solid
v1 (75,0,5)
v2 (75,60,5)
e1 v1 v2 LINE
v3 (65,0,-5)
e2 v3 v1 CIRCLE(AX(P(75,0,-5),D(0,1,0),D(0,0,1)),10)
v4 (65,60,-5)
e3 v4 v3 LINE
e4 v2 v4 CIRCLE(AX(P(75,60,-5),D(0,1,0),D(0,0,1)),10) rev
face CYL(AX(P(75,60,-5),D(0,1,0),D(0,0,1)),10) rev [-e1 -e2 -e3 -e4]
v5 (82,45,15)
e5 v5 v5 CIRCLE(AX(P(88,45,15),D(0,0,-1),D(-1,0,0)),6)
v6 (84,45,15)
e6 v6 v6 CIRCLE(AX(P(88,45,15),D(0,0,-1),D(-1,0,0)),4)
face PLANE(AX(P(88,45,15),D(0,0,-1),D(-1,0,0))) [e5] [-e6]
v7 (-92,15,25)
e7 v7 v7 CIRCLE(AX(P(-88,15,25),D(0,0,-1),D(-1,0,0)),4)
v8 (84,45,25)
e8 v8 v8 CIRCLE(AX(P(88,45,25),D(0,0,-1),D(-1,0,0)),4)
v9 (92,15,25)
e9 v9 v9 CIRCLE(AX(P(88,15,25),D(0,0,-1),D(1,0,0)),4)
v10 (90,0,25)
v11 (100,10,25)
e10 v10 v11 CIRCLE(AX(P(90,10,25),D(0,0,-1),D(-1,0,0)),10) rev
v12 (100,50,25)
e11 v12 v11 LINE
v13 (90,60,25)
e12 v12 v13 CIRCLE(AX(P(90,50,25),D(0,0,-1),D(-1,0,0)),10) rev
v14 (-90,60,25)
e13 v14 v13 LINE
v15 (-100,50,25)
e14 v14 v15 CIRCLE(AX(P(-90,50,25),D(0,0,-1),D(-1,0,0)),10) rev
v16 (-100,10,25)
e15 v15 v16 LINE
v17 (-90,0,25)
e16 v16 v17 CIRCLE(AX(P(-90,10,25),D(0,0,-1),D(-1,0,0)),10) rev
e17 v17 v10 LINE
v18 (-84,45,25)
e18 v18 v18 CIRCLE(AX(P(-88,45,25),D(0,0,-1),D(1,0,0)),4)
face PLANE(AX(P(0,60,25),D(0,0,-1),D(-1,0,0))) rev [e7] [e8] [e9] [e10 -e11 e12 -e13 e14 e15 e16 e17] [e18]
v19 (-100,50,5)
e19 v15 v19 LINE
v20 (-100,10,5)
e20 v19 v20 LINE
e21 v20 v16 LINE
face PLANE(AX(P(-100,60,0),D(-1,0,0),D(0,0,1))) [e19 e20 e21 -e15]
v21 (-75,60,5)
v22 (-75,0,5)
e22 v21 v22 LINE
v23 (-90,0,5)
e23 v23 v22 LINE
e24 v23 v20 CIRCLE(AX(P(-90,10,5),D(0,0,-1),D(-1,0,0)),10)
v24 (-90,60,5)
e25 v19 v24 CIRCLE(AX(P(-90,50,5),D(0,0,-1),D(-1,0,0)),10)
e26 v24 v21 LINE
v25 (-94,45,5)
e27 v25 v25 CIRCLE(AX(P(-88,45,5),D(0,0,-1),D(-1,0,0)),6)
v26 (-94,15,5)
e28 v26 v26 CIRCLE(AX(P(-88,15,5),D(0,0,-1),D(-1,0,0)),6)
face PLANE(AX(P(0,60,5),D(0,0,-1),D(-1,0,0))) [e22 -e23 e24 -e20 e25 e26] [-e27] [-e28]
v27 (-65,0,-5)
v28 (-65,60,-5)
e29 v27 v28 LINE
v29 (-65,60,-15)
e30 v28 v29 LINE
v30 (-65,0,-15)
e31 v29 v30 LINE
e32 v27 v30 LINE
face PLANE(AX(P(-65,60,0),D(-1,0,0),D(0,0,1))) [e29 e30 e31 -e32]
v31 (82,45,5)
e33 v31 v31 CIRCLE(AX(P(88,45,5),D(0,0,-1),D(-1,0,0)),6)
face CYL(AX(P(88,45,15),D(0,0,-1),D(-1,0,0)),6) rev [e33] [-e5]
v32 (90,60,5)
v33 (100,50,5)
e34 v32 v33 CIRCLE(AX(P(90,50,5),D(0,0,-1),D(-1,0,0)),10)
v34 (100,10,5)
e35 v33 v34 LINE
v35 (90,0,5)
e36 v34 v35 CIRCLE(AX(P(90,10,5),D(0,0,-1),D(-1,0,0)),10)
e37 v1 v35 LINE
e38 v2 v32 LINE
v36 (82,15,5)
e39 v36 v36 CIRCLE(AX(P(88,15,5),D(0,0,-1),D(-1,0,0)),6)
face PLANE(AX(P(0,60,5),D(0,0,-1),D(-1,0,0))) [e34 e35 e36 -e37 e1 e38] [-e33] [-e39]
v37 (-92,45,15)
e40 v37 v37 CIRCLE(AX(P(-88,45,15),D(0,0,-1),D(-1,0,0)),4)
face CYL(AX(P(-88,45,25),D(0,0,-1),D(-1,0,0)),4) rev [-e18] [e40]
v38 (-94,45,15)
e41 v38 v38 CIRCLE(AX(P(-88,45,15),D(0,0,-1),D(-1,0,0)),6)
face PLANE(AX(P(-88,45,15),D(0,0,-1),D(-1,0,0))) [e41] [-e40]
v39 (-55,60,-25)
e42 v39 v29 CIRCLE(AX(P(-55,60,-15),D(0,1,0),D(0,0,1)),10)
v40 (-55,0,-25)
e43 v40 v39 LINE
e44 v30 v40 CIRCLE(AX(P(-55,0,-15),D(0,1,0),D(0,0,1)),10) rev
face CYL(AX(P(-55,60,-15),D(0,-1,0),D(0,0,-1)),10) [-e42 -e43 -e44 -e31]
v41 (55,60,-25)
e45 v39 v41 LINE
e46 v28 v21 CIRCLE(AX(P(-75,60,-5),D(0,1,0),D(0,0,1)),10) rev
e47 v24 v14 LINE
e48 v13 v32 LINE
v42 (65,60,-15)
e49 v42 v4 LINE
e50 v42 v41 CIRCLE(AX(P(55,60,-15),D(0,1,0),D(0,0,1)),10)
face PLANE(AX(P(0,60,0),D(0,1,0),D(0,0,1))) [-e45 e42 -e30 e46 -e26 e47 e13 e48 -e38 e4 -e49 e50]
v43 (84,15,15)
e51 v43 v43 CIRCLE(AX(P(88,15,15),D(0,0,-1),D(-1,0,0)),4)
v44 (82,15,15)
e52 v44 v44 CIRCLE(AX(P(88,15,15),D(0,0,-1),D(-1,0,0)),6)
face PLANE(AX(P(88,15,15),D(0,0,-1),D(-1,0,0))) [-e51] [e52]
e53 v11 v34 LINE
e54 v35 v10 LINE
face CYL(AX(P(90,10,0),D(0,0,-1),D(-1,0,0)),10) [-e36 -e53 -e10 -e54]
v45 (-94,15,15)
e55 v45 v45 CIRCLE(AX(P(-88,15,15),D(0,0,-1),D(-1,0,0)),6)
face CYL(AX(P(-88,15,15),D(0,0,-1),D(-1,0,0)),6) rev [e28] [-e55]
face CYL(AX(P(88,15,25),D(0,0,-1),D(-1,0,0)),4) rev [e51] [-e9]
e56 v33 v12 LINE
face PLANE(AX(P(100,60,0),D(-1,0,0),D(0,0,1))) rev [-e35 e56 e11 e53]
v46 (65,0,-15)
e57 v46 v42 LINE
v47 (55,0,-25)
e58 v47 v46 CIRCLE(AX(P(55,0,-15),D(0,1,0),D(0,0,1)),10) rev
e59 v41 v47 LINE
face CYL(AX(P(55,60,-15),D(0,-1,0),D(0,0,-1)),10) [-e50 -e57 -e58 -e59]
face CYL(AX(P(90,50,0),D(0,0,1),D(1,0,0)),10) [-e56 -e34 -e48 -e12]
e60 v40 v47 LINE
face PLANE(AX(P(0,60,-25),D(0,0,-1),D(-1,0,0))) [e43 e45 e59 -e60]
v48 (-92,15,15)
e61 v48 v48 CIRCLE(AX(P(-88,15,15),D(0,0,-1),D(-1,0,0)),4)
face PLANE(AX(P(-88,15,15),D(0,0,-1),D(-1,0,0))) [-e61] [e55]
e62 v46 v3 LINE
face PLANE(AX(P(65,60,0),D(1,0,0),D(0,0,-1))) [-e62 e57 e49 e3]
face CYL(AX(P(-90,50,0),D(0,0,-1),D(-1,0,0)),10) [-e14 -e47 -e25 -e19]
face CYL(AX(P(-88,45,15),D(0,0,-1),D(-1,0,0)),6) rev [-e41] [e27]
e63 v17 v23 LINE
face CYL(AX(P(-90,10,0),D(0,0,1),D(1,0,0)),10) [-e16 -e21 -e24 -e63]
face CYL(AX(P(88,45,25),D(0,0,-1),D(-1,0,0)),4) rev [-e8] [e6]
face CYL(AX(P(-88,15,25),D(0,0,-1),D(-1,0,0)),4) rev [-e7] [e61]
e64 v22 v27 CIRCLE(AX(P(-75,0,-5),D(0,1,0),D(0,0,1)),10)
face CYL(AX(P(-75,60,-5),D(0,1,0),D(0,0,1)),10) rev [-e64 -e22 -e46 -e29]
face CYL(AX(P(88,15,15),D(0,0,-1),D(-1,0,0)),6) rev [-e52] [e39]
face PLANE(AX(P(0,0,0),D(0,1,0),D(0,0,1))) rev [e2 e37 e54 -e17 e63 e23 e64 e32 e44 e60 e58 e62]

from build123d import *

# Parameters (mm, degrees)
BOSS_EXTRUDE1_DEPTH = 60
FILLET1_R           = 10
SKETCH2_R           = 4
CUT_EXTRUDE1_DEPTH  = 21
SKETCH3_R           = 6
SKETCH3_R_2         = 4
CUT_EXTRUDE2_DEPTH  = 10


with BuildPart() as part:
    # Sketch1 → Boss-Extrude1 (new body)
    with BuildSketch(Plane(origin=(0, 0, 0), x_dir=(1, 0, 0), z_dir=(0, 1, 0))):
        Polygon((-65, -5), (-100, -5), (-100, -25), (100, -25), (100, -5), (65, -5), (65, 25), (-65, 25), align=None)
    extrude(amount=BOSS_EXTRUDE1_DEPTH)

    # Fillet1
    fillet1_edges = [part.edges().sort_by_distance(p)[0] for p in [
        (-100, 0, 15),
        (-65, 30, 5),
        (-65, 30, -25),
        (65, 30, -25),
        (65, 30, 5),
        (-100, 60, 15),
        (100, 60, 15),
        (100, 0, 15),
    ]]
    fillet(fillet1_edges, radius=FILLET1_R)

    # Sketch2 → Cut-Extrude1 (cut, through all)
    with BuildSketch(Plane(origin=(0, 0, 5), x_dir=(-1, 0, 0), z_dir=(0, 0, -1))):
        with Locations((-88, 45)):
            Circle(SKETCH2_R)
        with Locations((-88, 15)):
            Circle(SKETCH2_R)
        with Locations((88, 15)):
            Circle(SKETCH2_R)
        with Locations((88, 45)):
            Circle(SKETCH2_R)
    extrude(amount=-CUT_EXTRUDE1_DEPTH, mode=Mode.SUBTRACT)

    # Sketch3 → Cut-Extrude2 (cut)
    with BuildSketch(Plane(origin=(0, 0, 5), x_dir=(-1, 0, 0), z_dir=(0, 0, -1))):
        with Locations((88, 15)):
            Circle(SKETCH3_R)
        with Locations((88, 15)):
            Circle(SKETCH3_R_2, mode=Mode.SUBTRACT)
        with Locations((88, 45)):
            Circle(SKETCH3_R)
        with Locations((88, 45)):
            Circle(SKETCH3_R_2, mode=Mode.SUBTRACT)
        with Locations((-88, 15)):
            Circle(SKETCH3_R)
        with Locations((-88, 15)):
            Circle(SKETCH3_R_2, mode=Mode.SUBTRACT)
        with Locations((-88, 45)):
            Circle(SKETCH3_R)
        with Locations((-88, 45)):
            Circle(SKETCH3_R_2, mode=Mode.SUBTRACT)
    extrude(amount=-CUT_EXTRUDE2_DEPTH, mode=Mode.SUBTRACT)


solid = part.part
